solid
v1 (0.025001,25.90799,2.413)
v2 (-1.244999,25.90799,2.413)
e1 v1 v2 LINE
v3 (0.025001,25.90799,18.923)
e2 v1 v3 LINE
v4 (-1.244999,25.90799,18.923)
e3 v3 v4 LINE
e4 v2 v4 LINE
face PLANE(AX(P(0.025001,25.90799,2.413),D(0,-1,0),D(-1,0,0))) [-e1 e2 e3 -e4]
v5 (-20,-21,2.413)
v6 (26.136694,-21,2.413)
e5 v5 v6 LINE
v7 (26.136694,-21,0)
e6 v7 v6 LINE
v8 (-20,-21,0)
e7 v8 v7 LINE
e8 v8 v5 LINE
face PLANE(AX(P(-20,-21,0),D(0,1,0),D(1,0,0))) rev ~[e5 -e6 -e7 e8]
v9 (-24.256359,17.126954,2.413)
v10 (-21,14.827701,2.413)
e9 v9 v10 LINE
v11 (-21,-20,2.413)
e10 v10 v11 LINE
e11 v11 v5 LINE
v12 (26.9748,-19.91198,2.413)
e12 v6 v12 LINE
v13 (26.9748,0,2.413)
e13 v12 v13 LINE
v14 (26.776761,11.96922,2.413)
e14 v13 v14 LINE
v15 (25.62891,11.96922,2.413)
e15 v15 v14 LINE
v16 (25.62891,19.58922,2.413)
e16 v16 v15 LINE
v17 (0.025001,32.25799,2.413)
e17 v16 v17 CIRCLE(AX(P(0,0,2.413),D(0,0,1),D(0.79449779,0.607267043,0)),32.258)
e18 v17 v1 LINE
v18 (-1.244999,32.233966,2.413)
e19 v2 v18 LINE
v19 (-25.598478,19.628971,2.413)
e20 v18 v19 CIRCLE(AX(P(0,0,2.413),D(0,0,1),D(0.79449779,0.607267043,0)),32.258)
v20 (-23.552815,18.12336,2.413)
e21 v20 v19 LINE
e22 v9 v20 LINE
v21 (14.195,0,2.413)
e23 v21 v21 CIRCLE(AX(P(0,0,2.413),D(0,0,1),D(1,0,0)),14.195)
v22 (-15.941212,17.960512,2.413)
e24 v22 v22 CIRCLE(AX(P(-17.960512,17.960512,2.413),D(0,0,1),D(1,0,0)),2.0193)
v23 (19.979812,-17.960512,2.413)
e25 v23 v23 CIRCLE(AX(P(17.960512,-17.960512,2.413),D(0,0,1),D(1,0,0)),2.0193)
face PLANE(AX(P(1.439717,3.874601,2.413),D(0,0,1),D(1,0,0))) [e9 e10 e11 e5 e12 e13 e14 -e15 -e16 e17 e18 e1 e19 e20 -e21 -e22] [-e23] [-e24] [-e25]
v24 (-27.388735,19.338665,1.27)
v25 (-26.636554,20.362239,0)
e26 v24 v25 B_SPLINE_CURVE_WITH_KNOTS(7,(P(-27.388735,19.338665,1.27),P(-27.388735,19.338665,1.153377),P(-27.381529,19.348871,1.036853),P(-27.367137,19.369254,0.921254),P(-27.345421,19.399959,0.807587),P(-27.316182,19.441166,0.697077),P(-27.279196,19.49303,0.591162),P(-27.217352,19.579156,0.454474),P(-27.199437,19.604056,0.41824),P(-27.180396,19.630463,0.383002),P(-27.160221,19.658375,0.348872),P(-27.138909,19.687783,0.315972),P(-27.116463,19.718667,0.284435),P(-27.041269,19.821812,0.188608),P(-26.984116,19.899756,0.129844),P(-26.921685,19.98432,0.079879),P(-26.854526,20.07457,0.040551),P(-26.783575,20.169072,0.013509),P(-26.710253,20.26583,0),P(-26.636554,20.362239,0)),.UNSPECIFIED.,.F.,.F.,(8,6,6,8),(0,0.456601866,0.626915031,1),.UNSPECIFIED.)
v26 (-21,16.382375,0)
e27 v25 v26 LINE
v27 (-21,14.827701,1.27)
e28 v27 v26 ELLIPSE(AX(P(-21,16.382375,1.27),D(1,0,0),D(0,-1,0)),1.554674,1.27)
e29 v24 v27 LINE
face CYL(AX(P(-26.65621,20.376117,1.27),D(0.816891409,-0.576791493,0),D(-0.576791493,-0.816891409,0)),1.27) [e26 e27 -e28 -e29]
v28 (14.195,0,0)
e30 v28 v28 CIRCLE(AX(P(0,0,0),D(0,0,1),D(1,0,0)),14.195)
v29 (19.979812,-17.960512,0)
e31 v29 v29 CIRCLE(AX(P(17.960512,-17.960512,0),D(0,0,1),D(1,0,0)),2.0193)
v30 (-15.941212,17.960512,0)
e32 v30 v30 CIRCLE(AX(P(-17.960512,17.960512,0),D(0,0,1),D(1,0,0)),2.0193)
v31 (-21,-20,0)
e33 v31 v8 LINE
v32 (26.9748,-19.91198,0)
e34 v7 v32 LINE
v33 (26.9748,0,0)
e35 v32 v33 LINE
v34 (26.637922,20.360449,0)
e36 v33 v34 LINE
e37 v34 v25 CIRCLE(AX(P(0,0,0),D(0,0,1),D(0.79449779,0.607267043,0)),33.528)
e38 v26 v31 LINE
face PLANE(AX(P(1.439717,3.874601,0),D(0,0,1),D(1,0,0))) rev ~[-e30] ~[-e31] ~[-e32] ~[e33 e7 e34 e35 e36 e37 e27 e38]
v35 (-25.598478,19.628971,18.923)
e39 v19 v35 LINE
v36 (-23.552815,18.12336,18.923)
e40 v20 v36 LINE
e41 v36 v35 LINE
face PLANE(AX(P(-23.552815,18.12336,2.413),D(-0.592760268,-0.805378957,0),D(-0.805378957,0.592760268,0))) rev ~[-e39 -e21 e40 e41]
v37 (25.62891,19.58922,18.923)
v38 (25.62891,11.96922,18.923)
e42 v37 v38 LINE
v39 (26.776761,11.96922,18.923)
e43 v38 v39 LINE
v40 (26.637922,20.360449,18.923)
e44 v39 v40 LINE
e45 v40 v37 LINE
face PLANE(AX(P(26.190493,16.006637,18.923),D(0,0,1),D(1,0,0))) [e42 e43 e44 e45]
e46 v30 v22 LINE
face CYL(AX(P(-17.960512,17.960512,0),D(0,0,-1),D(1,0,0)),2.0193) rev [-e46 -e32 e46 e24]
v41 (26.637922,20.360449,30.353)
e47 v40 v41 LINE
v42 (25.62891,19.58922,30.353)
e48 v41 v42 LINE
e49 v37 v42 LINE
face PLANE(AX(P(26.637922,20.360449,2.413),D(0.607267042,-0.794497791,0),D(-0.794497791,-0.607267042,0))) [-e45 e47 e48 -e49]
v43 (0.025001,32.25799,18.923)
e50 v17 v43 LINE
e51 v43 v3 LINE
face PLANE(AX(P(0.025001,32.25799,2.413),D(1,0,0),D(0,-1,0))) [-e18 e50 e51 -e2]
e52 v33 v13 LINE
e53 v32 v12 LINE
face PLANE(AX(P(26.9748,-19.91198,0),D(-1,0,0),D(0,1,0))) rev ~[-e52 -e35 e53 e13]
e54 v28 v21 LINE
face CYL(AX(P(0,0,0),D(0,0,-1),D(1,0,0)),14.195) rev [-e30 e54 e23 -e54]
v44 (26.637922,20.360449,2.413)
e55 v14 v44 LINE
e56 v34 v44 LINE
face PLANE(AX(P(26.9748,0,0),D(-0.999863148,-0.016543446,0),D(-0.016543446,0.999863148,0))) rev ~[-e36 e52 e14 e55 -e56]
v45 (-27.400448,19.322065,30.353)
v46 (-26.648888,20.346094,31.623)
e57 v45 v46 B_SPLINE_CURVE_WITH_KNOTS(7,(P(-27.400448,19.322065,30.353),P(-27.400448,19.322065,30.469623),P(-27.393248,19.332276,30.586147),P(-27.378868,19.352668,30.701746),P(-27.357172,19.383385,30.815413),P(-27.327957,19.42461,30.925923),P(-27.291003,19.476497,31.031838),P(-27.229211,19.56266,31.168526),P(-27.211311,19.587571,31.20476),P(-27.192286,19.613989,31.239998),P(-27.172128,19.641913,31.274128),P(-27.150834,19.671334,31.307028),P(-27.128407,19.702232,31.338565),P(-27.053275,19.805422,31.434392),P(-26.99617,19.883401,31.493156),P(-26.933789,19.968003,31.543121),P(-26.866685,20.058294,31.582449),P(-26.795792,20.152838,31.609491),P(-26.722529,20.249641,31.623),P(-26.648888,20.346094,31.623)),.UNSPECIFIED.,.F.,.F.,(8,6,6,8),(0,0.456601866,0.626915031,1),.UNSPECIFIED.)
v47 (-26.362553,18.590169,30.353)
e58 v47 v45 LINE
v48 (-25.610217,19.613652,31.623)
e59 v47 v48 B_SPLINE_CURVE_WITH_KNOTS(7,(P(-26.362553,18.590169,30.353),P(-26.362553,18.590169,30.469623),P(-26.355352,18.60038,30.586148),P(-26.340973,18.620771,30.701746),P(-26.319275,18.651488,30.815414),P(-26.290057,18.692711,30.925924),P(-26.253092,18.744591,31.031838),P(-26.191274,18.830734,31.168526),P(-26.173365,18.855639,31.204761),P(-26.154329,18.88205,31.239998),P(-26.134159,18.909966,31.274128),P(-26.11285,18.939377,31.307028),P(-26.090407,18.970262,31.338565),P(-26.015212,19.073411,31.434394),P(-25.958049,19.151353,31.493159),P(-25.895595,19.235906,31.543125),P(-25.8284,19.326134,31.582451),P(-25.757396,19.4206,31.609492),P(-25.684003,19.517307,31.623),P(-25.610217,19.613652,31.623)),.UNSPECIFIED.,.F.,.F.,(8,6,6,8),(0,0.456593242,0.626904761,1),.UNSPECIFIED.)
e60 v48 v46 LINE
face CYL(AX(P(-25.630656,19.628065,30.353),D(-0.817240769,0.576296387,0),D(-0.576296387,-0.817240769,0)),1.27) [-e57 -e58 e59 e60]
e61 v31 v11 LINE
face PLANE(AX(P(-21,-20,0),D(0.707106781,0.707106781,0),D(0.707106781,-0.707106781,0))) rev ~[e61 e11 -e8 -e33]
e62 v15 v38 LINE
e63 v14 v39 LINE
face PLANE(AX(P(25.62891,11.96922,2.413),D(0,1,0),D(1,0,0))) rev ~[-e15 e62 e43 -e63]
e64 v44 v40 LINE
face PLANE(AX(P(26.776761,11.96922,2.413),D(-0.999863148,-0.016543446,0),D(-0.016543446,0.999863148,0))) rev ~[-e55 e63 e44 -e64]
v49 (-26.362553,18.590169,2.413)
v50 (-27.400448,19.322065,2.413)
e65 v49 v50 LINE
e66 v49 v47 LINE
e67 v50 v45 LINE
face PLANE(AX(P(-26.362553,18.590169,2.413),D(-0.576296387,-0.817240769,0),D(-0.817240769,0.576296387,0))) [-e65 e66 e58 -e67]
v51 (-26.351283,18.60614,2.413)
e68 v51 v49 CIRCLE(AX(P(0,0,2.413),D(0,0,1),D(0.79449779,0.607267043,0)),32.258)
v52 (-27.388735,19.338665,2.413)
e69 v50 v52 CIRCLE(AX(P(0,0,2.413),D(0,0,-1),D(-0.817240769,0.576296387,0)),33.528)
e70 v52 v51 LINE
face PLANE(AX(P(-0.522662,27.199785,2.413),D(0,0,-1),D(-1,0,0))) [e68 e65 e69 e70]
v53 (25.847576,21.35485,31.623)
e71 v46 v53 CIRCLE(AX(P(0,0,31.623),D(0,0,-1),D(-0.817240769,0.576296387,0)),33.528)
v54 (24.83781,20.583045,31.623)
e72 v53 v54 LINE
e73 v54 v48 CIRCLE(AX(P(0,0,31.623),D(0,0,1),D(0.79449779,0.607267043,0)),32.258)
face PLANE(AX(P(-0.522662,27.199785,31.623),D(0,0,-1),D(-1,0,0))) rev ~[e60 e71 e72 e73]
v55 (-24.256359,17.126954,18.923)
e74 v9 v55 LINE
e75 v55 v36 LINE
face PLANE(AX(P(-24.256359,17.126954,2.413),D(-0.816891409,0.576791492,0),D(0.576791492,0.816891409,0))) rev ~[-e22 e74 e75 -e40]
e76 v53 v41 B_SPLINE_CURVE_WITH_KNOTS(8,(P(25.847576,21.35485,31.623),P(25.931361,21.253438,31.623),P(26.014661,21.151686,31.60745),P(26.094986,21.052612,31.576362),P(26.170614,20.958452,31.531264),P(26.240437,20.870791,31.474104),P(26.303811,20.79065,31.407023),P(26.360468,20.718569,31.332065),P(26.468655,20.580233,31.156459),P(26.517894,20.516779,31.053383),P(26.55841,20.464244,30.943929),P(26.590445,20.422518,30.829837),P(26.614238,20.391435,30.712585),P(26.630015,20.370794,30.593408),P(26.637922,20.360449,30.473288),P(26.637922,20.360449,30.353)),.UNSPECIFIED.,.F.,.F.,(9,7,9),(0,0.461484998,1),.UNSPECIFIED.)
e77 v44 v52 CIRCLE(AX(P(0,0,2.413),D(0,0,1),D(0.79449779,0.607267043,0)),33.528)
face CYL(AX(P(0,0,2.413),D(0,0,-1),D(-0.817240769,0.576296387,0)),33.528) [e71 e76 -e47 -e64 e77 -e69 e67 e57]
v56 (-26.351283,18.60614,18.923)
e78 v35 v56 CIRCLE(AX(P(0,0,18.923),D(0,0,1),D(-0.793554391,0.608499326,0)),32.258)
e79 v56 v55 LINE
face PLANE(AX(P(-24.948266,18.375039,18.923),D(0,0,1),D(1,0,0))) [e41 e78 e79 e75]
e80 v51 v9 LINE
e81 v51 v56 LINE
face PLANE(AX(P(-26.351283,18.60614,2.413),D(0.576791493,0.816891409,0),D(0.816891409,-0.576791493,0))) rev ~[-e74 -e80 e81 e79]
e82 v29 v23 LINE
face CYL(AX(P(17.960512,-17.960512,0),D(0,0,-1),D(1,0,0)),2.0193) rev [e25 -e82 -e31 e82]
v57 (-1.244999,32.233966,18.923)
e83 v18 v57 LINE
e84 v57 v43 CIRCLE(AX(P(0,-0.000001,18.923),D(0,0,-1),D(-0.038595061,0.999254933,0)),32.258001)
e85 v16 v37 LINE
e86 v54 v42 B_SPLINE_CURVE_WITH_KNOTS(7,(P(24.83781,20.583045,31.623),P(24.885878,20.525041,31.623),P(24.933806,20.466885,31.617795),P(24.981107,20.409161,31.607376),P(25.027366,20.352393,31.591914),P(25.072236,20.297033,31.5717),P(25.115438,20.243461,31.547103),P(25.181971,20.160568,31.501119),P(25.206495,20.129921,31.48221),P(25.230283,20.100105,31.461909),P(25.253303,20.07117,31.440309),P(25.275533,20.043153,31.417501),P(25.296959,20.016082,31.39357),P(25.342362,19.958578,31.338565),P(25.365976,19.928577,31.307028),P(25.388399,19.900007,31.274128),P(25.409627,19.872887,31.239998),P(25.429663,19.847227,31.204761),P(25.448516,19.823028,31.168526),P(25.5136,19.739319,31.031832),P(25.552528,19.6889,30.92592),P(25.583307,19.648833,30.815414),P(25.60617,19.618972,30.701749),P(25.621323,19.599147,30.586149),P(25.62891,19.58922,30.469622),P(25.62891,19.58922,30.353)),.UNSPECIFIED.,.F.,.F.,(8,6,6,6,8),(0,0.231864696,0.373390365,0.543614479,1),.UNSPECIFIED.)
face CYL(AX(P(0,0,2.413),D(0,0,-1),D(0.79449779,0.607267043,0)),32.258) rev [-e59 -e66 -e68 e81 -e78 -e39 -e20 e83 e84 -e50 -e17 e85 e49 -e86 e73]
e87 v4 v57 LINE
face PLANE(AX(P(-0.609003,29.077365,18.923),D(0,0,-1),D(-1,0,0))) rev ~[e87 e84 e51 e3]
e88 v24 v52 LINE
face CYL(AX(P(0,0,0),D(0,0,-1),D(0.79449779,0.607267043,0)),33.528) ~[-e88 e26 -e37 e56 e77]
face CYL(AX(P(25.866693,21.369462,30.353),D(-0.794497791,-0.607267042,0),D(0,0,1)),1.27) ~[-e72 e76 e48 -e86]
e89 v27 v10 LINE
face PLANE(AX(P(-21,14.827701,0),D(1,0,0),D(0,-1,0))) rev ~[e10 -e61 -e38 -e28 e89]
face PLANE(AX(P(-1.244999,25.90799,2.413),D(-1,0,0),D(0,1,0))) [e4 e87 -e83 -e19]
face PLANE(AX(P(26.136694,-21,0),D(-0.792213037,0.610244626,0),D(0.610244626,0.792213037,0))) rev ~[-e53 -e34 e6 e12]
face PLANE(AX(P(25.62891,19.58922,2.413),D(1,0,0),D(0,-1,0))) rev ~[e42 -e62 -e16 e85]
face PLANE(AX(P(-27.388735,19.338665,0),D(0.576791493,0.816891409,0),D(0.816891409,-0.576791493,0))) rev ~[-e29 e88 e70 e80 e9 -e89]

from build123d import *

# Parameters (mm, degrees)
SKETCH1_R           = 2.0193
SKETCH1_R_2         = 14.195
BOSS_EXTRUDE1_DEPTH = 2.413
BOSS_EXTRUDE2_DEPTH = 29.21
BOSS_EXTRUDE9_DEPTH = 16.51
FILLET1_R           = 1.27


with BuildPart() as part:
    # Sketch1 → Boss-Extrude1 (new body)
    with BuildSketch(Plane.XY):
        with BuildLine():
            Line((-21, 14.827700733), (-21, -20))
            Line((-21, -20), (-20, -21))
            Line((-20, -21), (26.136694206, -21))
            Line((26.136694206, -21), (26.9748, -19.911980036))
            Line((26.9748, -19.911980036), (26.9748, 0))
            Line((26.9748, 0), (26.637921908, 20.360449416))
            ThreePointArc((26.637921908, 20.360449416), (-0.633988092, 33.522005356), (-27.388735161, 19.338665163))
            Line((-27.388735161, 19.338665163), (-21, 14.827700733))
        make_face()
        with Locations((-17.960512242, 17.960512242)):
            Circle(SKETCH1_R, mode=Mode.SUBTRACT)
        with Locations((17.960512242, -17.960512242)):
            Circle(SKETCH1_R, mode=Mode.SUBTRACT)
        Circle(SKETCH1_R_2, mode=Mode.SUBTRACT)
    extrude(amount=BOSS_EXTRUDE1_DEPTH)

    # Sketch2 → Boss-Extrude2 (add)
    with BuildSketch(Plane.XY.offset(2.413)):
        with BuildLine():
            Line((-26.362552713, 18.590168866), (-27.400448489, 19.322065278))
            ThreePointArc((-27.400448489, 19.322065278), (-0.644144472, 33.521811734), (26.637921908, 20.360449416))
            Line((26.637921908, 20.360449416), (25.628909714, 19.589220272))
            ThreePointArc((25.628909714, 19.589220272), (-0.619745061, 32.252046138), (-26.362552713, 18.590168866))
        make_face()
    extrude(amount=BOSS_EXTRUDE2_DEPTH)

    # Sketch3 → Boss-Extrude9 (add)
    with BuildSketch(Plane.XY.offset(2.413)):
        with BuildLine():
            Line((-23.55281498, 18.123360163), (-25.598477532, 19.628971243))
            ThreePointArc((-25.598477532, 19.628971243), (-25.979914408, 19.121260716), (-26.351283072, 18.606139967))
            Line((-26.351283072, 18.606139967), (-24.25635866, 17.12695367))
            Line((-24.25635866, 17.12695367), (-23.55281498, 18.123360163))
        make_face()
        with BuildLine():
            Line((-1.244999497, 25.907990312), (-1.244999497, 32.23396563))
            ThreePointArc((-1.244999497, 32.23396563), (-0.610117761, 32.252229695), (0.025000503, 32.257990312))
            Line((0.025000503, 32.257990312), (0.025000503, 25.907990312))
            Line((0.025000503, 25.907990312), (-1.244999497, 25.907990312))
        make_face()
        Polygon((25.628909714, 19.589220272), (25.628909714, 11.969220272), (26.776760752, 11.969220272), (26.637921908, 20.360449416), align=None)
    extrude(amount=BOSS_EXTRUDE9_DEPTH)

    # Fillet1
    fillet1_edges = [part.edges().sort_by_distance(p)[0] for p in [
        (-24.194367581, 17.083182948, 0),
        (-26.881500601, 18.956117072, 31.623),
        (26.133415811, 19.974834844, 31.623),
    ]]
    fillet(fillet1_edges, radius=FILLET1_R)


solid = part.part
